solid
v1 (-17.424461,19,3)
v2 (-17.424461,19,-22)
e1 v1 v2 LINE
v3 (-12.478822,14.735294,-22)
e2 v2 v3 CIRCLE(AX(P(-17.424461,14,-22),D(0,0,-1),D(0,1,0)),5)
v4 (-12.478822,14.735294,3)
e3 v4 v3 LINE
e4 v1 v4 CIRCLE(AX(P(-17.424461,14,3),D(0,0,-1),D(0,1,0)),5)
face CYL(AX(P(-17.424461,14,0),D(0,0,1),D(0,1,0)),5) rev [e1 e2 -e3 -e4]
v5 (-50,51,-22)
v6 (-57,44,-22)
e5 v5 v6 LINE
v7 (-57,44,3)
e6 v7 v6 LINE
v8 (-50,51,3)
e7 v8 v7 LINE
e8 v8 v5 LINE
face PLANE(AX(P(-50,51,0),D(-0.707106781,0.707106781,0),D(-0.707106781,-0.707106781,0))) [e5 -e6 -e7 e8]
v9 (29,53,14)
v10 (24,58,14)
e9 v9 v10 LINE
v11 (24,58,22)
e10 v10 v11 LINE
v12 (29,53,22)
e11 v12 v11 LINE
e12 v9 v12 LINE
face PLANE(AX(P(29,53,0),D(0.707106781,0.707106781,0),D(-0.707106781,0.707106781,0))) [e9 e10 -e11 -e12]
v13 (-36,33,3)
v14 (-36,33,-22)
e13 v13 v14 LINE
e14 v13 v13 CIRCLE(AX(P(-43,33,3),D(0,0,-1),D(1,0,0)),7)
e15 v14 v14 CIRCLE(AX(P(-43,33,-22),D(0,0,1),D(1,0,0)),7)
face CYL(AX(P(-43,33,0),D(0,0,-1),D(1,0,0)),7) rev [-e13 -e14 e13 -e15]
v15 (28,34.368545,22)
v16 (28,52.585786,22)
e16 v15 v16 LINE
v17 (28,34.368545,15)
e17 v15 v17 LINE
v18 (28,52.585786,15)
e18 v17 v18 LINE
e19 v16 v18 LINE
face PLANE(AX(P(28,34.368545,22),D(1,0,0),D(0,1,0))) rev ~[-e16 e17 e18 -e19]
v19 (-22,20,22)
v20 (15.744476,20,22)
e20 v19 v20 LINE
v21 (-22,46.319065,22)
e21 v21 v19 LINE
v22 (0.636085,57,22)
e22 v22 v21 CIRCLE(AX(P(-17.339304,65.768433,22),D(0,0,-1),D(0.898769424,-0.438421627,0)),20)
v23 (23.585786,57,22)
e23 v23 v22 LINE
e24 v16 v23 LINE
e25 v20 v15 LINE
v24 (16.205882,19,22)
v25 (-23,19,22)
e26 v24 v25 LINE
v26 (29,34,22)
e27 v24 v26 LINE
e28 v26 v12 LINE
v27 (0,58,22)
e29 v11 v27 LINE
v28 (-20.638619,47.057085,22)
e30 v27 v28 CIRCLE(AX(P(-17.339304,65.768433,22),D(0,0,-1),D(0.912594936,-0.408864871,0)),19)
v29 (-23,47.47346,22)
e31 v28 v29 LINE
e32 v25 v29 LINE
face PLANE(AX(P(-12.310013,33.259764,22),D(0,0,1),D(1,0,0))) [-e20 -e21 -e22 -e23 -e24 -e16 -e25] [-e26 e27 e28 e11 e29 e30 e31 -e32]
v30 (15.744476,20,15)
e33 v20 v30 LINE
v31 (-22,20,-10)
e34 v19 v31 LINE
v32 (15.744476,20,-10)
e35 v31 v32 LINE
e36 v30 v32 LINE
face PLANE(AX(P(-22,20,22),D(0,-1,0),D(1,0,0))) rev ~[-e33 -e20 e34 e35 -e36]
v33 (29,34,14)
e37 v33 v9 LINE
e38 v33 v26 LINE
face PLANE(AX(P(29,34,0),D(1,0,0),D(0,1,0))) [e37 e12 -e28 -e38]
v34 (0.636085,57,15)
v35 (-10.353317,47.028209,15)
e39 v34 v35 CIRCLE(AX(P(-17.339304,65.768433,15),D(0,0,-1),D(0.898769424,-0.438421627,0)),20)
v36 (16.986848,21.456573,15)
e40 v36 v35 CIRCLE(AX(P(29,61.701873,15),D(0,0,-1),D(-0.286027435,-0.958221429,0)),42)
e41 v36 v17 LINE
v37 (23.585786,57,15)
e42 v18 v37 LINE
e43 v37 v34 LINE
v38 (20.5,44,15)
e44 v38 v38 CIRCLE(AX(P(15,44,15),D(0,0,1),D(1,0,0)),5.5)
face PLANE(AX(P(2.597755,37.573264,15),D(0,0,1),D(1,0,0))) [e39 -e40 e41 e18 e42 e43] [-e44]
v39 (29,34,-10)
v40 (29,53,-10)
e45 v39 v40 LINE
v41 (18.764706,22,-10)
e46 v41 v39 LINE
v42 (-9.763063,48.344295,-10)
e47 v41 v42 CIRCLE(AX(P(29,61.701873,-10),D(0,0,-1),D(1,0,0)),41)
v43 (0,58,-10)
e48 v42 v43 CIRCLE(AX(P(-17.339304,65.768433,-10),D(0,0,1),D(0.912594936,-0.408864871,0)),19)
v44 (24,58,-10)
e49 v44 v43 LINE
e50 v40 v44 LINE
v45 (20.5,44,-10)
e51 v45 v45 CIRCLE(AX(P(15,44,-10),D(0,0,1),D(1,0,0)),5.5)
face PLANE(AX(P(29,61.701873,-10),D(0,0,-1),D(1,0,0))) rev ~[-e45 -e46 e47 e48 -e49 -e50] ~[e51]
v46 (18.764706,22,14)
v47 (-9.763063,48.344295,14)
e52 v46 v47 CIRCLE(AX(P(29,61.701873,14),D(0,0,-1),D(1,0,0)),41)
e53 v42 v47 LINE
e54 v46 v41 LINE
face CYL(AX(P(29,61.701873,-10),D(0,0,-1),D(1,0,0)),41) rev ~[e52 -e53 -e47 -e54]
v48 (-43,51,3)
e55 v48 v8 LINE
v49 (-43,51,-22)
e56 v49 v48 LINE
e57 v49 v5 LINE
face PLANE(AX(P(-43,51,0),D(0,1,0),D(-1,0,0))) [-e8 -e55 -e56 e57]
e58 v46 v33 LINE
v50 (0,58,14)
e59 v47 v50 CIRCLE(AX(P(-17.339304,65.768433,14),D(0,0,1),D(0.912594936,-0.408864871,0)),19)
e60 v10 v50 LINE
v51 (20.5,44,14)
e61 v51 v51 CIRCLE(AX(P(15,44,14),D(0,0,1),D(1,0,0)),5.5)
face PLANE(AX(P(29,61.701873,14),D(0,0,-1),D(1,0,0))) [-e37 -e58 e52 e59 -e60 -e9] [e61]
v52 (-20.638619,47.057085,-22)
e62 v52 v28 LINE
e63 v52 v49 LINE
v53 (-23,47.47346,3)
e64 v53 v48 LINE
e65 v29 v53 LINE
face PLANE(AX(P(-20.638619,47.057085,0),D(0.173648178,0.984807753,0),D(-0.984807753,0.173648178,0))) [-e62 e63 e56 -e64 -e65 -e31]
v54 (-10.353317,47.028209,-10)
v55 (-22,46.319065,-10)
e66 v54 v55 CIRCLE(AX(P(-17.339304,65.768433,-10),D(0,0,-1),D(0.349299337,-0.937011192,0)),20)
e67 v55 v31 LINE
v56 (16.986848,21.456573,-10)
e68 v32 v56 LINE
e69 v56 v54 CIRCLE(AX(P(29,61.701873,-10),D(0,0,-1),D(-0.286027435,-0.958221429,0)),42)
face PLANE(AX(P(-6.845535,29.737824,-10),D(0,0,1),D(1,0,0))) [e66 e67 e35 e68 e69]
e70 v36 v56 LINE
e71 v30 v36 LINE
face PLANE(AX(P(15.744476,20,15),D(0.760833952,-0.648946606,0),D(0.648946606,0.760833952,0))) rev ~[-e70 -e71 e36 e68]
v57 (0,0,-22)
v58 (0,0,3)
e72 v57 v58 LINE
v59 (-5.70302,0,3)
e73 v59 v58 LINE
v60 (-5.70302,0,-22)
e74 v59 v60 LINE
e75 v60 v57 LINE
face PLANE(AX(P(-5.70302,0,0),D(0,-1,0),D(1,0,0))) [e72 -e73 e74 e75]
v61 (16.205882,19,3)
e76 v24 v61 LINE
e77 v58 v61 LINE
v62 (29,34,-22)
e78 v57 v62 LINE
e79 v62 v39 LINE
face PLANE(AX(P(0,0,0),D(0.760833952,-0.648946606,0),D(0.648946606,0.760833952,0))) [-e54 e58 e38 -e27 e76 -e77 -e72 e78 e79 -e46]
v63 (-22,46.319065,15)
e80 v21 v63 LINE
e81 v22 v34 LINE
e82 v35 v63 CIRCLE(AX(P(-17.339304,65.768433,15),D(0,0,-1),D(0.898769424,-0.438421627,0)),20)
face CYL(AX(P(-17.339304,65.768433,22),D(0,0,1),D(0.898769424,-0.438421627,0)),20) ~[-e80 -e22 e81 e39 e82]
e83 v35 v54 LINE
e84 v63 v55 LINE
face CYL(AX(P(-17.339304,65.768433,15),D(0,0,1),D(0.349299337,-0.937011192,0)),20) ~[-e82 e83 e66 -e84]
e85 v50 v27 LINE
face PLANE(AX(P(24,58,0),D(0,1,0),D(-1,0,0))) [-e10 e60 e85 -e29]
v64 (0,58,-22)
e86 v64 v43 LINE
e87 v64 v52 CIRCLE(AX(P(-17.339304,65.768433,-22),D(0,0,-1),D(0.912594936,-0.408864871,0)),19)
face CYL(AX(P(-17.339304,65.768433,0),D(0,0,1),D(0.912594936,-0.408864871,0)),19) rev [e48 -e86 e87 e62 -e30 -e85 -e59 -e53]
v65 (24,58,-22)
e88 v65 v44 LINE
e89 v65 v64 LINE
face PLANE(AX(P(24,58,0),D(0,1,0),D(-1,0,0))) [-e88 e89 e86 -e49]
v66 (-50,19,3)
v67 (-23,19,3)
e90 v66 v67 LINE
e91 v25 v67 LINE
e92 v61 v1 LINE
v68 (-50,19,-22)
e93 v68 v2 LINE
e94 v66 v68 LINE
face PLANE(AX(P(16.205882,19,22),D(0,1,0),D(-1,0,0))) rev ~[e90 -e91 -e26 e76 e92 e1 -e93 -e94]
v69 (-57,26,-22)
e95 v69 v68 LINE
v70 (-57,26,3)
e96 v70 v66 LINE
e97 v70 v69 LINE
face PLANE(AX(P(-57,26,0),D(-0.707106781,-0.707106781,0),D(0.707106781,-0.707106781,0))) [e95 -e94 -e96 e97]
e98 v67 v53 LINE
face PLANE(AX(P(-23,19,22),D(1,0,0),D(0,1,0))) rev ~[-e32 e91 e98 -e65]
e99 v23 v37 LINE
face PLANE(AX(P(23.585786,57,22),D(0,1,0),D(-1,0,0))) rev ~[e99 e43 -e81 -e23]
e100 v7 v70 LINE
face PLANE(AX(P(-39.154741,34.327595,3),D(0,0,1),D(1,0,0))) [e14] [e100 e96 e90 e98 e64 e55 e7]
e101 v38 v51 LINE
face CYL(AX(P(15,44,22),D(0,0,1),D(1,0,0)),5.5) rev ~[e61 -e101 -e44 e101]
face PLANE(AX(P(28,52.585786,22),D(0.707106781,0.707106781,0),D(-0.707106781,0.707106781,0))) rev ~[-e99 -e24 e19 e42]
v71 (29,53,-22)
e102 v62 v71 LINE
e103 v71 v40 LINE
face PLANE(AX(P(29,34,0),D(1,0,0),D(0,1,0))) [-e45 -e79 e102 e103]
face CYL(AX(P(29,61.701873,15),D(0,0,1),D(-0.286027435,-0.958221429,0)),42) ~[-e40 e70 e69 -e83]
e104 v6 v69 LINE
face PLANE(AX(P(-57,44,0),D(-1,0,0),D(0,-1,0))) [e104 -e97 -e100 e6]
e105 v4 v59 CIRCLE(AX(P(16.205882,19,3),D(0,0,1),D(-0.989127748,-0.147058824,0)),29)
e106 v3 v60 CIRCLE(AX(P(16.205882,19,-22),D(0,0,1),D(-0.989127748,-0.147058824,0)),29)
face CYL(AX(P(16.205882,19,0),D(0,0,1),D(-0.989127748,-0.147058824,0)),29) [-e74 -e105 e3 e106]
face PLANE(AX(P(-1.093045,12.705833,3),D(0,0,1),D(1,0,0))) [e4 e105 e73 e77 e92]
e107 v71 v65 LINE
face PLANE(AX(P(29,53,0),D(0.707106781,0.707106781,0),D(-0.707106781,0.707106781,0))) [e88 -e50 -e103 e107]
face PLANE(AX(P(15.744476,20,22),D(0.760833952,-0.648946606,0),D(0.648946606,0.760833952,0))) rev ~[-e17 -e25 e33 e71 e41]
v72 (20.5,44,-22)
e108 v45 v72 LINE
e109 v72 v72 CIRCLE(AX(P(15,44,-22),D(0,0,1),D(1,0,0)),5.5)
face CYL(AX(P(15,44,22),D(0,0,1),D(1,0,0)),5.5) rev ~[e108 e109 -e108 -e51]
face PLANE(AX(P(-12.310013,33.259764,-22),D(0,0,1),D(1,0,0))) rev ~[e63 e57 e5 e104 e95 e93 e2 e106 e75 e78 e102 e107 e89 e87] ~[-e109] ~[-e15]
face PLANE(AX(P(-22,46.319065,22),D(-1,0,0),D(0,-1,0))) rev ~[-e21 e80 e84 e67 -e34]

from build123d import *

# Parameters (mm, degrees)
F1_R      = 7
F2_DEPTH  = 22
F3_R      = 5.5
F4_DEPTH  = 44.001
F6_DEPTH  = 19
F8_R      = 41
F9_DEPTH  = 24
F11_DEPTH = 7
F13_DEPTH = 25


with BuildPart() as f2:
    # F1 (on Top) → F2 (new body, symmetric)
    with BuildSketch(Plane.XY):
        with BuildLine():
            Line((-5.7030199473, 0), (0, 0))
            Line((0, 0), (29, 34))
            Line((29, 34), (29, 53))
            Line((29, 53), (24, 58))
            Line((24, 58), (0, 58))
            ThreePointArc((0, 58), (-8.4389012943, 48.9820441422), (-20.6386191642, 47.0570852328))
            Line((-20.6386191642, 47.0570852328), (-43, 51))
            Line((-43, 51), (-50, 51))
            Line((-50, 51), (-57, 44))
            Line((-57, 44), (-57, 26))
            Line((-57, 26), (-50, 19))
            Line((-50, 19), (-17.4244610887, 19))
            ThreePointArc((-17.4244610887, 19), (-14.1592253076, 17.7865862322), (-12.4788223472, 14.7352941176))
            ThreePointArc((-12.4788223472, 14.7352941176), (-10.1419921441, 6.884327939), (-5.7030199473, 0))
        make_face()
        with Locations((-43, 33)):
            Circle(F1_R, mode=Mode.SUBTRACT)
    extrude(amount=F2_DEPTH, both=True)

    # F3 (on face) → F4 (cut, through all)
    with BuildSketch(Plane.XY.offset(22)):
        with Locations((15, 44)):
            Circle(F3_R)
    extrude(amount=-F4_DEPTH, mode=Mode.SUBTRACT)

    # F5 (on face) → F6 (cut)
    with BuildSketch(Plane.XY.offset(22)):
        with BuildLine():
            Line((16.2058823529, 19), (-17.4244610887, 19))
            ThreePointArc((-17.4244610887, 19), (-14.1592253076, 17.7865862322), (-12.4788223472, 14.7352941176))
            ThreePointArc((-12.4788223472, 14.7352941176), (-10.1419921441, 6.884327939), (-5.7030199473, 0))
            Line((-5.7030199473, 0), (0, 0))
            Line((0, 0), (16.2058823529, 19))
        make_face()
        Polygon((-23, 19), (-23, 47.4734603858), (-43, 51), (-50, 51), (-57, 44), (-57, 26), (-50, 19), align=None)
    extrude(amount=-F6_DEPTH, mode=Mode.SUBTRACT)

    # F8 (on offset) → F9 (cut)
    with BuildSketch(Plane(origin=(0, 0, -10), x_dir=(1, 0, 0), z_dir=(0, 0, -1))):
        with Locations((29, -61.701873436)):
            Circle(F8_R)
    extrude(amount=-F9_DEPTH, mode=Mode.SUBTRACT)

    # F10 (on face) → F11 (cut)
    with BuildSketch(Plane.XY.offset(22)):
        with BuildLine():
            Line((28, 34.3685450325), (28, 52.5857864376))
            Line((28, 52.5857864376), (23.5857864376, 57))
            Line((23.5857864376, 57), (0.6360846855, 57))
            ThreePointArc((0.6360846855, 57), (-8.8046185318, 47.6808913149), (-22, 46.3190646627))
            Line((-22, 46.3190646627), (-22, 20))
            Line((-22, 20), (15.7444762958, 20))
            Line((15.7444762958, 20), (28, 34.3685450325))
        make_face()
    extrude(amount=-F11_DEPTH, mode=Mode.SUBTRACT)

    # F12 (on face) → F13 (cut, through all)
    with BuildSketch(Plane.XY.offset(15)):
        with BuildLine():
            ThreePointArc((-10.3533170567, 47.0282087051), (-16.1237934763, 45.805403344), (-22, 46.3190646627))
            Line((-22, 46.3190646627), (-22, 20))
            Line((-22, 20), (15.7444762958, 20))
            Line((15.7444762958, 20), (16.9868477468, 21.4565734254))
            ThreePointArc((16.9868477468, 21.4565734254), (0.310181683, 31.0278726382), (-10.3533170567, 47.0282087051))
        make_face()
    extrude(amount=-F13_DEPTH, mode=Mode.SUBTRACT)


solid = f2.part
